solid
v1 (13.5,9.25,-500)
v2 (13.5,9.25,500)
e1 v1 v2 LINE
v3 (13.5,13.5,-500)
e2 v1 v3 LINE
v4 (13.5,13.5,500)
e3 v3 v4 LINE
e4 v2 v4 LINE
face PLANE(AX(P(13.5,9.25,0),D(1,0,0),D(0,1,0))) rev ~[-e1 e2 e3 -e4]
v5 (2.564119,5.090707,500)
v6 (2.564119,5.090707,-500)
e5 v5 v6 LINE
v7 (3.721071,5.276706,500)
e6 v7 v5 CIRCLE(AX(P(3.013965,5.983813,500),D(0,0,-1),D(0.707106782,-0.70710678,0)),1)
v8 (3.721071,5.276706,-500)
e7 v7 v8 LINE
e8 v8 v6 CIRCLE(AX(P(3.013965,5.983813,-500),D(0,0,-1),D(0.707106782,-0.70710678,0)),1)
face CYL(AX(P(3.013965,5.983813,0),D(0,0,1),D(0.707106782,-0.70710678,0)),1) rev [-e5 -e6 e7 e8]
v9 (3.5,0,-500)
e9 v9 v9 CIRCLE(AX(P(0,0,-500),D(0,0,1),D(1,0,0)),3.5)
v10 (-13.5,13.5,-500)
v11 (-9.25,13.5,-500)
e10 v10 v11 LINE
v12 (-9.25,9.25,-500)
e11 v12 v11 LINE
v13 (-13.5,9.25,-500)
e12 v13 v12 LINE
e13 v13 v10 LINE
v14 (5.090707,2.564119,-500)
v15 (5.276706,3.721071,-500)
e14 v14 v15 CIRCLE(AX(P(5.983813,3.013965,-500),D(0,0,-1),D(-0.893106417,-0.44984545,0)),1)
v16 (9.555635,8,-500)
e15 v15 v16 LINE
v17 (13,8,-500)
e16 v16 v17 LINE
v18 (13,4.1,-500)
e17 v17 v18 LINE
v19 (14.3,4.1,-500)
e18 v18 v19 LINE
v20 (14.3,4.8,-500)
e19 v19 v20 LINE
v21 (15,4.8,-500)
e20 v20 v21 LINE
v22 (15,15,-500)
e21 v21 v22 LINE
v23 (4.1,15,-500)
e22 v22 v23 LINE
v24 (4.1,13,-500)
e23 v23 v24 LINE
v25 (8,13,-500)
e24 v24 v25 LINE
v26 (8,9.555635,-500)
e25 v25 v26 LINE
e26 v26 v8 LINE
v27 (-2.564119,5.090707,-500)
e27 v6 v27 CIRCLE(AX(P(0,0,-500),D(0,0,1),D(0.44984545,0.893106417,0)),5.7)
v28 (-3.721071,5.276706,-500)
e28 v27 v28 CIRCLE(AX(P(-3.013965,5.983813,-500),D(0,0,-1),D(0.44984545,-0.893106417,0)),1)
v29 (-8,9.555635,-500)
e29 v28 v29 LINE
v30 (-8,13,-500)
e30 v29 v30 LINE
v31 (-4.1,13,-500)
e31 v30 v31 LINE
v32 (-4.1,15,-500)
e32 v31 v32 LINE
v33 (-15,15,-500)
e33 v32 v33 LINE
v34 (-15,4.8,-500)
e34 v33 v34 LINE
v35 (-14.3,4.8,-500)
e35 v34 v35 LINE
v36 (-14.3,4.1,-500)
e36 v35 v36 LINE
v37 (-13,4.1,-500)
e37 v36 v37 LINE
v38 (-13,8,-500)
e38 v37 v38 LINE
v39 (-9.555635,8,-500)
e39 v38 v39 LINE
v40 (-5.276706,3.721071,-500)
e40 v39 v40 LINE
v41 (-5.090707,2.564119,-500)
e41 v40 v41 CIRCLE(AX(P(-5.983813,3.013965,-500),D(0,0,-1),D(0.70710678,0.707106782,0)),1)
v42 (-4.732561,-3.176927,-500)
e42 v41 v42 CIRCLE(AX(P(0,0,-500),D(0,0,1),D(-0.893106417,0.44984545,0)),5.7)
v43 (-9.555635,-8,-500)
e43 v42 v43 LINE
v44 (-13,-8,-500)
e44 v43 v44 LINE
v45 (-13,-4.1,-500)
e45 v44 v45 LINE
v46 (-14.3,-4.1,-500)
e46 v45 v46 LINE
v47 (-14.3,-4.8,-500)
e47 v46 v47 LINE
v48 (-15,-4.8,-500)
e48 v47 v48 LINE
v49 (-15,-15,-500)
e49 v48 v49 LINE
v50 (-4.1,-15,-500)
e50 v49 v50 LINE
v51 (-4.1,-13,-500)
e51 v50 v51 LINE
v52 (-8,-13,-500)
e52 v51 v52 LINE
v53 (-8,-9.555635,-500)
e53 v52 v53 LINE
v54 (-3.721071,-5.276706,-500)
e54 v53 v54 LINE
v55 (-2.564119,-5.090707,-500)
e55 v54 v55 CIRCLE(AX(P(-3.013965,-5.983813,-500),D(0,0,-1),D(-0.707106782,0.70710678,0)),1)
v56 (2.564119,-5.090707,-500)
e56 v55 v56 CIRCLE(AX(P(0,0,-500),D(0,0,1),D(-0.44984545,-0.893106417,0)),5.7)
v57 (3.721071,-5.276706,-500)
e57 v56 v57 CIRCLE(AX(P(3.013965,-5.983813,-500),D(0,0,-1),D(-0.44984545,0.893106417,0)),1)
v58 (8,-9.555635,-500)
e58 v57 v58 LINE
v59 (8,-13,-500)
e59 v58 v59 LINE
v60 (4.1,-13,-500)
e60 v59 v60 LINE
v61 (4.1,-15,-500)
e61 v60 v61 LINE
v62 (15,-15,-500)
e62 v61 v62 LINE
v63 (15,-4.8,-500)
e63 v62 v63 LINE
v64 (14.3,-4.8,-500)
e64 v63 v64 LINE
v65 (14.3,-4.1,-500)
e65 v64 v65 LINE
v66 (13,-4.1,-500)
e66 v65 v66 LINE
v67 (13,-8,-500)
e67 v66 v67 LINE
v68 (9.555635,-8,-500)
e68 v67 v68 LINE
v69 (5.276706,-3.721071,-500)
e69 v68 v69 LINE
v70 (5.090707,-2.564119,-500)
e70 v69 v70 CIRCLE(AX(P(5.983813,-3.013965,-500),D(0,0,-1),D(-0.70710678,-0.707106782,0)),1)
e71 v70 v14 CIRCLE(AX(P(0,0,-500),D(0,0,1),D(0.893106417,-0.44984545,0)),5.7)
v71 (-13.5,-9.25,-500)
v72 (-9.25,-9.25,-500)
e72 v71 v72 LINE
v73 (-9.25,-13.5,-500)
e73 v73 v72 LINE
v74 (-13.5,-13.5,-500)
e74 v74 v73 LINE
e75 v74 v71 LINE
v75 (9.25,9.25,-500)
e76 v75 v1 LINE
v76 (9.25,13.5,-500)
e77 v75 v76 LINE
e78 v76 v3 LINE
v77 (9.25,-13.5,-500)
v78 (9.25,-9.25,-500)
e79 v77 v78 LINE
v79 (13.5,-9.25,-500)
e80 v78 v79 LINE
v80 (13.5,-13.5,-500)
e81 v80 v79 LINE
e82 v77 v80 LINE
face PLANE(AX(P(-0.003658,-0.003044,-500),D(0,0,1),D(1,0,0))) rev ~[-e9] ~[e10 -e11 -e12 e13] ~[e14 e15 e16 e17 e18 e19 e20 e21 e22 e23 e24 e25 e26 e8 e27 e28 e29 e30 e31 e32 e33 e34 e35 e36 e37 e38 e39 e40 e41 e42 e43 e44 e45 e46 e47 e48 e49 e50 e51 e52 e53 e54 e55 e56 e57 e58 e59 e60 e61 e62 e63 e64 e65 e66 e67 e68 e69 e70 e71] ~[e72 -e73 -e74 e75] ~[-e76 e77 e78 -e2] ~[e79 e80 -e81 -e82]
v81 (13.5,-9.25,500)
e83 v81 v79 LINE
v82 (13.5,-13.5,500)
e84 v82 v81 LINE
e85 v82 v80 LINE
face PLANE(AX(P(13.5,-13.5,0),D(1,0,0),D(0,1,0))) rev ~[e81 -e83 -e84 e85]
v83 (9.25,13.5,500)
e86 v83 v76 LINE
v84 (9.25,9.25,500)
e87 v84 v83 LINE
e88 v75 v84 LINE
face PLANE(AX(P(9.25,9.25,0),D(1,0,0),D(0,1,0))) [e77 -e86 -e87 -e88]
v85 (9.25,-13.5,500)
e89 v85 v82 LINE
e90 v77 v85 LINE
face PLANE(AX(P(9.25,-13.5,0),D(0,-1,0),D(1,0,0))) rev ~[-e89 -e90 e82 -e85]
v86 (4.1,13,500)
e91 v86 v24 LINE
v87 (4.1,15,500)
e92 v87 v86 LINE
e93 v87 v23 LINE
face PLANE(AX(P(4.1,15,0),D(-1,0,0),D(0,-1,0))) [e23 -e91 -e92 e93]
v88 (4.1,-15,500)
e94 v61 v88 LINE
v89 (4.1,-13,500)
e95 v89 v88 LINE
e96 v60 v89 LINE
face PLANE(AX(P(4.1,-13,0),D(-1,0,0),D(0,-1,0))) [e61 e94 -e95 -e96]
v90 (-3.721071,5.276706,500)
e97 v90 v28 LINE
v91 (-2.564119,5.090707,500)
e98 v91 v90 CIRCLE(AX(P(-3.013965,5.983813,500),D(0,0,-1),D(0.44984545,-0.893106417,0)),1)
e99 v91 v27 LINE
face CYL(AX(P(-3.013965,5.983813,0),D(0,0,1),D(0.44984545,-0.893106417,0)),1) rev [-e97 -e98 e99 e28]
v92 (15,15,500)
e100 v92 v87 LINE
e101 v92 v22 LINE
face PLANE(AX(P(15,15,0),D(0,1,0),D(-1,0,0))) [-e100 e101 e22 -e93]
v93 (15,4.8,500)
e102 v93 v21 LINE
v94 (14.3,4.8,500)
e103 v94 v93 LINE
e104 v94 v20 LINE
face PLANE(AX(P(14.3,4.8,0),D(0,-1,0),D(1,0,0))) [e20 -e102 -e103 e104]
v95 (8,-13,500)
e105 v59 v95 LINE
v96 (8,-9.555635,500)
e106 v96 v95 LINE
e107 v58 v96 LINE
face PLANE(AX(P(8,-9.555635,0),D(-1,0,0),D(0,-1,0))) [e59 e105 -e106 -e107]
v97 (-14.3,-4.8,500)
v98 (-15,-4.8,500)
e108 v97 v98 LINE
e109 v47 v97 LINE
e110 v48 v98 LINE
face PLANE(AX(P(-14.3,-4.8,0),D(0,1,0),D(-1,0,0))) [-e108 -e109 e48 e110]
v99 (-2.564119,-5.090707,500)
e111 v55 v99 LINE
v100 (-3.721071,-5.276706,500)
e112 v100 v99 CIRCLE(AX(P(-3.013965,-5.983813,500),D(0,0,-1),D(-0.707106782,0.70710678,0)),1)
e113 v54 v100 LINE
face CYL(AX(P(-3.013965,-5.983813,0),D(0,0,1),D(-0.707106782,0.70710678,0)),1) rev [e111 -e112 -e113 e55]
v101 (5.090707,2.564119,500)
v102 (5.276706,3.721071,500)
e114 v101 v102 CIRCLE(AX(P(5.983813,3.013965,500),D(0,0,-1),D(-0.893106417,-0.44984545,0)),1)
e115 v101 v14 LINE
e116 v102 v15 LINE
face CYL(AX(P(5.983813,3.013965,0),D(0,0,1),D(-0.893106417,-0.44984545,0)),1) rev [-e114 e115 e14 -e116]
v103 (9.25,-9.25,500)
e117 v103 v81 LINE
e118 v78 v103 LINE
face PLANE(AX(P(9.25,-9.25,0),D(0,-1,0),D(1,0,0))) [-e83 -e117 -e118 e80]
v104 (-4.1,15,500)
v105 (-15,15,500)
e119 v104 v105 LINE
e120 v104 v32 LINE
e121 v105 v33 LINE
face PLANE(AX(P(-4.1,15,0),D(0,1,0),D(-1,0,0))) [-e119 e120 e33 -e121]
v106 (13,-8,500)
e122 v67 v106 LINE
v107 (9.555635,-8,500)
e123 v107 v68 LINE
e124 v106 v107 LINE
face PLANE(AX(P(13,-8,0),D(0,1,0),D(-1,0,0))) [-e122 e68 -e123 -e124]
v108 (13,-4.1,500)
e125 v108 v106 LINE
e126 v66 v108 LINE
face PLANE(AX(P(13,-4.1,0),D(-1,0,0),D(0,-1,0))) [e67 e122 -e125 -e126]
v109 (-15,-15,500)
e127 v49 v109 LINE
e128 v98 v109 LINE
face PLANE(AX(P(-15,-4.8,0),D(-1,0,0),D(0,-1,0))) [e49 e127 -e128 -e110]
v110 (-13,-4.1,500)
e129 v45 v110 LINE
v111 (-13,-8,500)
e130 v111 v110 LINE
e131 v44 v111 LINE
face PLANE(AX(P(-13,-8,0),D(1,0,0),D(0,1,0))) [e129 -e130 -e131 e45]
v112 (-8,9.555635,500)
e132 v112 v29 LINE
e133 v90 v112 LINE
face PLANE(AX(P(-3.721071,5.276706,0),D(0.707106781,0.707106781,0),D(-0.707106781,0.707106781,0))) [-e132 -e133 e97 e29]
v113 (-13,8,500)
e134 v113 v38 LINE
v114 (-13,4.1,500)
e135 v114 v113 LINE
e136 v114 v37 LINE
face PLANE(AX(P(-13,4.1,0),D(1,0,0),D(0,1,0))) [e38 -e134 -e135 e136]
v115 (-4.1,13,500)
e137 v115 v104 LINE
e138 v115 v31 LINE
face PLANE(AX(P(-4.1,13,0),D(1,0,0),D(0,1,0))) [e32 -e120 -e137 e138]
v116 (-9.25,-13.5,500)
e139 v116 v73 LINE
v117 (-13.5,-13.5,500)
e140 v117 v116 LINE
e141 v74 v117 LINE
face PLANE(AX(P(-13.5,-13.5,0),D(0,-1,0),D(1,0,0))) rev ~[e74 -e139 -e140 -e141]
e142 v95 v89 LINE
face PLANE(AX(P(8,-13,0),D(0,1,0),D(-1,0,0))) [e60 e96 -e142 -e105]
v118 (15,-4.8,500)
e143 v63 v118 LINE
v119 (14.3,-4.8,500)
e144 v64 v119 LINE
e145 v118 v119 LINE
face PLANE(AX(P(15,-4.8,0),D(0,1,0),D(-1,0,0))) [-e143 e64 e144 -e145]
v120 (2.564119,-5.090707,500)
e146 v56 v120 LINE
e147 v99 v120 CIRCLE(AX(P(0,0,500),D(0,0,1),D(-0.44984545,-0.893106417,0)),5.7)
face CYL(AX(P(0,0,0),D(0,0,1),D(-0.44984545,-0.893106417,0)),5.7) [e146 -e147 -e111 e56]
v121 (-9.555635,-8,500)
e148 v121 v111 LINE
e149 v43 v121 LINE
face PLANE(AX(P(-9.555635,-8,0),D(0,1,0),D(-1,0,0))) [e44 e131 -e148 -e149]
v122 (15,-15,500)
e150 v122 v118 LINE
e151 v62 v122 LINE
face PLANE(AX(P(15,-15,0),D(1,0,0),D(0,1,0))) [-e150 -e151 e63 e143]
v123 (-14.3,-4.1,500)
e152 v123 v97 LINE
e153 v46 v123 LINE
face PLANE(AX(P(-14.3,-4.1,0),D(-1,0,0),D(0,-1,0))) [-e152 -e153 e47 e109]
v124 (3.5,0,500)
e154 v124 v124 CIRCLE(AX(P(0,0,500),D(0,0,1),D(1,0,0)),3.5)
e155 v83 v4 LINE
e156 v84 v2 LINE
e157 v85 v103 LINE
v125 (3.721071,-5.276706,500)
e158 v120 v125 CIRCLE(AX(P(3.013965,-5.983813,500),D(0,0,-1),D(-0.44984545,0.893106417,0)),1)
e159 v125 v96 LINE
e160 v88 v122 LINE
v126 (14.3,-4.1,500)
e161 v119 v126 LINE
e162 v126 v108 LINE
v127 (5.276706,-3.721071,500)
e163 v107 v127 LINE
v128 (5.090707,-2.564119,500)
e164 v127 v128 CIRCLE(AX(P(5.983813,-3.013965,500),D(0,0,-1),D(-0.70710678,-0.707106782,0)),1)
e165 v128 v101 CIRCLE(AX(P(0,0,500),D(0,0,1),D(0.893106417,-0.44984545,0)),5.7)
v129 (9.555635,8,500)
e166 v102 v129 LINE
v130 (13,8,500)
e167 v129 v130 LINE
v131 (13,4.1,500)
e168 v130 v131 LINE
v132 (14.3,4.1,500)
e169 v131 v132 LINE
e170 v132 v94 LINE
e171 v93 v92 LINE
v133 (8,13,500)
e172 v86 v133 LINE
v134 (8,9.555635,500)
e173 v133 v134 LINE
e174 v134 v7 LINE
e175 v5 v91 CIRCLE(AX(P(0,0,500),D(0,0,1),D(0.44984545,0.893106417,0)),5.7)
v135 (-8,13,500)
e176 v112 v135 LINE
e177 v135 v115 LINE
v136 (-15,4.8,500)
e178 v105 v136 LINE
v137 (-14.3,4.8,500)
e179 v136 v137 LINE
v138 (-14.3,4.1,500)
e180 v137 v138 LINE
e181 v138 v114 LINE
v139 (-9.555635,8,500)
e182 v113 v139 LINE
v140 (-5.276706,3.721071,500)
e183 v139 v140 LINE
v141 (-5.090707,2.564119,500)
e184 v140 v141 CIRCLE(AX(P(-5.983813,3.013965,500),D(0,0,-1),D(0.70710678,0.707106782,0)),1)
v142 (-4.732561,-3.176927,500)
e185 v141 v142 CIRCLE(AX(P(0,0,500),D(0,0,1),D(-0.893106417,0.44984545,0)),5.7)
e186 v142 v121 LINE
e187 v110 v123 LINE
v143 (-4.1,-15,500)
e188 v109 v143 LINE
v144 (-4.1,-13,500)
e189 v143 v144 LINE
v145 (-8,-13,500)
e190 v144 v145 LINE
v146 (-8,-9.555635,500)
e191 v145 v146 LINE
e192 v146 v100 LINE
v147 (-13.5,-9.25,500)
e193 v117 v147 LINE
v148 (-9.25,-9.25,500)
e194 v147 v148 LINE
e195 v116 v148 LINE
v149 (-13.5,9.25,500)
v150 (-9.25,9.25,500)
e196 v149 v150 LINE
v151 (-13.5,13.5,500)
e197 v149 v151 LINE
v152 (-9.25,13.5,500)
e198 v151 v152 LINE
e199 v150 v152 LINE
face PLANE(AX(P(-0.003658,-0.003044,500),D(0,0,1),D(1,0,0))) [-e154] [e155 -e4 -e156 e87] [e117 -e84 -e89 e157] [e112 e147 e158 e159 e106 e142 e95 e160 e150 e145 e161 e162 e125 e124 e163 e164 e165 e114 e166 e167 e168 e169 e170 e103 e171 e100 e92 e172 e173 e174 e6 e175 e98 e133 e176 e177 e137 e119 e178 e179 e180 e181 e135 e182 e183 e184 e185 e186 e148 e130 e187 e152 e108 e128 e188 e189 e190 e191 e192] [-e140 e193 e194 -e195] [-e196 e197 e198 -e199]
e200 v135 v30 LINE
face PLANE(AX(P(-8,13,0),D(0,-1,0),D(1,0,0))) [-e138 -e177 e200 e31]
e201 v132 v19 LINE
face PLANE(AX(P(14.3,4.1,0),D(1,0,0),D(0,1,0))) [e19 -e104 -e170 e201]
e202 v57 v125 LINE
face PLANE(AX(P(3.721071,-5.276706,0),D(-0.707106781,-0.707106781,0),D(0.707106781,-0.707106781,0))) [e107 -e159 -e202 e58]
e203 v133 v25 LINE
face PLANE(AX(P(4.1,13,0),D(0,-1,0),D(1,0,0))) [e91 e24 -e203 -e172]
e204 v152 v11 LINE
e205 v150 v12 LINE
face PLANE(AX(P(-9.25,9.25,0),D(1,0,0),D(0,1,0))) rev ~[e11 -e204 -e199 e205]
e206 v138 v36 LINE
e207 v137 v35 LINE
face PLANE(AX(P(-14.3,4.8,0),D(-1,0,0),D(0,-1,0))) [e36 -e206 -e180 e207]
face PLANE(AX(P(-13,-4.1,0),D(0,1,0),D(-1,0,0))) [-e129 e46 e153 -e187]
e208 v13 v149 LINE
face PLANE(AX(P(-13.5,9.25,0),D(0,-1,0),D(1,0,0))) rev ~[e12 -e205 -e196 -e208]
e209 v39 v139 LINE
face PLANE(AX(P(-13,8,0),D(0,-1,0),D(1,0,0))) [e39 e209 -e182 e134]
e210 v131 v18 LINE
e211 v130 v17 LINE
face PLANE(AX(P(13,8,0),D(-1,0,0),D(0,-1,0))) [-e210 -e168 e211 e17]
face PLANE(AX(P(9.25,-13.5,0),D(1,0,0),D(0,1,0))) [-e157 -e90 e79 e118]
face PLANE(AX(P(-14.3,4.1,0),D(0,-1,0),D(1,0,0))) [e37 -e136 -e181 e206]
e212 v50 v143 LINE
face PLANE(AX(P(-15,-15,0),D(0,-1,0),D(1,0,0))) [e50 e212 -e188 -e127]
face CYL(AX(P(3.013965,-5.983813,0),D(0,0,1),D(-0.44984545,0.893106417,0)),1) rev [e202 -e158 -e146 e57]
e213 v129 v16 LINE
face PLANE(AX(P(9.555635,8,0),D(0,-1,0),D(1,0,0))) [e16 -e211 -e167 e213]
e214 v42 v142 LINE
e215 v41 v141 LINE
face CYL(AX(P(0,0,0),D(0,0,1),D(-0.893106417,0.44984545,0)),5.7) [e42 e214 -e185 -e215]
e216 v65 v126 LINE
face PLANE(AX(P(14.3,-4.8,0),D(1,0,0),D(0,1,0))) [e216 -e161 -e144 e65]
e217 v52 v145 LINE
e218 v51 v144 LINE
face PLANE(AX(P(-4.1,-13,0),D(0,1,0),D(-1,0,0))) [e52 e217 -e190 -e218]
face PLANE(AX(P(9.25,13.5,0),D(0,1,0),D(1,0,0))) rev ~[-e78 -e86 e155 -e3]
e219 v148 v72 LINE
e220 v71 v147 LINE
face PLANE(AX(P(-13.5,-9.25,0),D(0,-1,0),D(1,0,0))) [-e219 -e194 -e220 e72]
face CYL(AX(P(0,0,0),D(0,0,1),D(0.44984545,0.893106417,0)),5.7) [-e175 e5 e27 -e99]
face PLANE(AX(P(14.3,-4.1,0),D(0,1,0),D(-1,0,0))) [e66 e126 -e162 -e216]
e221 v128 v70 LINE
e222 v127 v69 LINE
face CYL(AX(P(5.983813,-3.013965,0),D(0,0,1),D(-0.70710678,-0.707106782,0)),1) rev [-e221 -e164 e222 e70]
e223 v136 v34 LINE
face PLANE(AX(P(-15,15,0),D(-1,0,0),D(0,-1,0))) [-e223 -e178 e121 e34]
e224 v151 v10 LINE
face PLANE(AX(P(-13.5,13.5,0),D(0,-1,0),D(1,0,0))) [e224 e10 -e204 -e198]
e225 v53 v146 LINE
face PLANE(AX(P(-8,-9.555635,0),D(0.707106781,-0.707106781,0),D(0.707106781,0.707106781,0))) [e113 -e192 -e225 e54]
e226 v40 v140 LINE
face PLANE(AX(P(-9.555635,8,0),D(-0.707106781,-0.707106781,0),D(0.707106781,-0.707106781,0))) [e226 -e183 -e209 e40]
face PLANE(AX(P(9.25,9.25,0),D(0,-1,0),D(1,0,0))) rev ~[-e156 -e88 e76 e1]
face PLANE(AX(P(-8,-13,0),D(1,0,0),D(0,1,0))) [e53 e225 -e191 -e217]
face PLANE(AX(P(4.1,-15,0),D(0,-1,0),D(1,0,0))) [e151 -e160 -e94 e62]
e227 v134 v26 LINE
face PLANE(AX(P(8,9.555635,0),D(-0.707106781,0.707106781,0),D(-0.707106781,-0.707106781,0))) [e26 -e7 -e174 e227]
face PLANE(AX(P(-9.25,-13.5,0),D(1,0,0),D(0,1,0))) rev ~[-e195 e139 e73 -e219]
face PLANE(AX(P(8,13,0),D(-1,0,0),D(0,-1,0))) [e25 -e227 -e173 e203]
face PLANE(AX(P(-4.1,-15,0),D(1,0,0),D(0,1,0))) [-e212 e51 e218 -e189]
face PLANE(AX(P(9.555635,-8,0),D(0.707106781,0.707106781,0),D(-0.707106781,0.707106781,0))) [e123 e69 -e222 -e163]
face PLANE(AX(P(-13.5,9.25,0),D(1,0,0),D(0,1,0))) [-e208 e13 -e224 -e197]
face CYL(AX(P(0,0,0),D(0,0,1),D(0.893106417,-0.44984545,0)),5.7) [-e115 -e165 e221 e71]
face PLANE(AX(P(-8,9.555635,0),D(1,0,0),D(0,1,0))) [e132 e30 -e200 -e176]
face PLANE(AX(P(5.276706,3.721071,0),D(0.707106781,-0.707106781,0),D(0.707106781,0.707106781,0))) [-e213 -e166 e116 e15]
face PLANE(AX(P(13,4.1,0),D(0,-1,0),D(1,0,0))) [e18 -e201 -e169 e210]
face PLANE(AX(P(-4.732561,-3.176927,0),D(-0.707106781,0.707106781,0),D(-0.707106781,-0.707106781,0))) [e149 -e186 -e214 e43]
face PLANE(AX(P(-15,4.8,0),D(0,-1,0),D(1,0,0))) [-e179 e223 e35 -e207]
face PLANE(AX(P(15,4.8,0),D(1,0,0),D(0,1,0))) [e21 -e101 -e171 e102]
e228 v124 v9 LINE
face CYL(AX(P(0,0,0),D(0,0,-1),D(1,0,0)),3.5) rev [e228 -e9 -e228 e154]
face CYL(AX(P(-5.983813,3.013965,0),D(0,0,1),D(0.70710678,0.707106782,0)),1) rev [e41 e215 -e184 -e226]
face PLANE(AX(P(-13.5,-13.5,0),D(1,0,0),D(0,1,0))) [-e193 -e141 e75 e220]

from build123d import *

# Parameters (mm, degrees)
SKETCH1_R           = 3.5
SKETCH1_W           = 4.25
SKETCH1_H           = 4.25
BOSS_EXTRUDE1_DEPTH = 500


with BuildPart() as part:
    # Sketch1 → Boss-Extrude1 (new, symmetric)
    with BuildSketch(Plane.XY):
        with BuildLine():
            Line((-13, 8), (-9.555634919, 8))
            Line((-9.555634919, 8), (-5.276706211, 3.721071292))
            ThreePointArc((-5.276706211, 3.721071292), (-4.996490762, 3.172693256), (-5.090706575, 2.564119062))
            ThreePointArc((-5.090706575, 2.564119062), (-5.688941006, -0.354894676), (-4.732561446, -3.176926527))
            Line((-4.732561446, -3.176926527), (-9.555634919, -8))
            Line((-9.555634919, -8), (-13, -8))
            Line((-13, -8), (-13, -4.1))
            Line((-13, -4.1), (-14.3, -4.1))
            Line((-14.3, -4.1), (-14.3, -4.8))
            Line((-14.3, -4.8), (-15, -4.8))
            Line((-15, -4.8), (-15, -15))
            Line((-15, -15), (-4.1, -15))
            Line((-4.1, -15), (-4.1, -13))
            Line((-4.1, -13), (-8, -13))
            Line((-8, -13), (-8, -9.555634919))
            Line((-8, -9.555634919), (-3.721071292, -5.276706211))
            ThreePointArc((-3.721071292, -5.276706211), (-3.172693256, -4.996490762), (-2.564119062, -5.090706575))
            ThreePointArc((-2.564119062, -5.090706575), (0, -5.7), (2.564119062, -5.090706575))
            ThreePointArc((2.564119062, -5.090706575), (3.172693256, -4.996490762), (3.721071292, -5.276706211))
            Line((3.721071292, -5.276706211), (8, -9.555634919))
            Line((8, -9.555634919), (8, -13))
            Line((8, -13), (4.1, -13))
            Line((4.1, -13), (4.1, -15))
            Line((4.1, -15), (15, -15))
            Line((15, -15), (15, -4.8))
            Line((15, -4.8), (14.3, -4.8))
            Line((14.3, -4.8), (14.3, -4.1))
            Line((14.3, -4.1), (13, -4.1))
            Line((13, -4.1), (13, -8))
            Line((13, -8), (9.555634919, -8))
            Line((9.555634919, -8), (5.276706211, -3.721071292))
            ThreePointArc((5.276706211, -3.721071292), (4.996490762, -3.172693256), (5.090706575, -2.564119062))
            ThreePointArc((5.090706575, -2.564119062), (5.7, 0), (5.090706575, 2.564119062))
            ThreePointArc((5.090706575, 2.564119062), (4.996490762, 3.172693256), (5.276706211, 3.721071292))
            Line((5.276706211, 3.721071292), (9.555634919, 8))
            Line((9.555634919, 8), (13, 8))
            Line((13, 8), (13, 4.1))
            Line((13, 4.1), (14.3, 4.1))
            Line((14.3, 4.1), (14.3, 4.8))
            Line((14.3, 4.8), (15, 4.8))
            Line((15, 4.8), (15, 15))
            Line((15, 15), (4.1, 15))
            Line((4.1, 15), (4.1, 13))
            Line((4.1, 13), (8, 13))
            Line((8, 13), (8, 9.555634919))
            Line((8, 9.555634919), (3.721071292, 5.276706211))
            ThreePointArc((3.721071292, 5.276706211), (3.172693256, 4.996490762), (2.564119062, 5.090706575))
            ThreePointArc((2.564119062, 5.090706575), (0, 5.7), (-2.564119062, 5.090706575))
            ThreePointArc((-2.564119062, 5.090706575), (-3.172693256, 4.996490762), (-3.721071292, 5.276706211))
            Line((-3.721071292, 5.276706211), (-8, 9.555634919))
            Line((-8, 9.555634919), (-8, 13))
            Line((-8, 13), (-4.1, 13))
            Line((-4.1, 13), (-4.1, 15))
            Line((-4.1, 15), (-15, 15))
            Line((-15, 15), (-15, 4.8))
            Line((-15, 4.8), (-14.3, 4.8))
            Line((-14.3, 4.8), (-14.3, 4.1))
            Line((-14.3, 4.1), (-13, 4.1))
            Line((-13, 4.1), (-13, 8))
        make_face()
        Circle(SKETCH1_R, mode=Mode.SUBTRACT)
        with Locations((11.375, 11.375)):
            Rectangle(SKETCH1_W, SKETCH1_H, mode=Mode.SUBTRACT)
        with Locations((-11.375, -11.375)):
            Rectangle(SKETCH1_W, SKETCH1_H, mode=Mode.SUBTRACT)
        with Locations((11.375, -11.375)):
            Rectangle(SKETCH1_W, SKETCH1_H, mode=Mode.SUBTRACT)
        with Locations((-11.375, 11.375)):
            Rectangle(SKETCH1_W, SKETCH1_H, mode=Mode.SUBTRACT)
    extrude(amount=BOSS_EXTRUDE1_DEPTH, both=True)


solid = part.part
